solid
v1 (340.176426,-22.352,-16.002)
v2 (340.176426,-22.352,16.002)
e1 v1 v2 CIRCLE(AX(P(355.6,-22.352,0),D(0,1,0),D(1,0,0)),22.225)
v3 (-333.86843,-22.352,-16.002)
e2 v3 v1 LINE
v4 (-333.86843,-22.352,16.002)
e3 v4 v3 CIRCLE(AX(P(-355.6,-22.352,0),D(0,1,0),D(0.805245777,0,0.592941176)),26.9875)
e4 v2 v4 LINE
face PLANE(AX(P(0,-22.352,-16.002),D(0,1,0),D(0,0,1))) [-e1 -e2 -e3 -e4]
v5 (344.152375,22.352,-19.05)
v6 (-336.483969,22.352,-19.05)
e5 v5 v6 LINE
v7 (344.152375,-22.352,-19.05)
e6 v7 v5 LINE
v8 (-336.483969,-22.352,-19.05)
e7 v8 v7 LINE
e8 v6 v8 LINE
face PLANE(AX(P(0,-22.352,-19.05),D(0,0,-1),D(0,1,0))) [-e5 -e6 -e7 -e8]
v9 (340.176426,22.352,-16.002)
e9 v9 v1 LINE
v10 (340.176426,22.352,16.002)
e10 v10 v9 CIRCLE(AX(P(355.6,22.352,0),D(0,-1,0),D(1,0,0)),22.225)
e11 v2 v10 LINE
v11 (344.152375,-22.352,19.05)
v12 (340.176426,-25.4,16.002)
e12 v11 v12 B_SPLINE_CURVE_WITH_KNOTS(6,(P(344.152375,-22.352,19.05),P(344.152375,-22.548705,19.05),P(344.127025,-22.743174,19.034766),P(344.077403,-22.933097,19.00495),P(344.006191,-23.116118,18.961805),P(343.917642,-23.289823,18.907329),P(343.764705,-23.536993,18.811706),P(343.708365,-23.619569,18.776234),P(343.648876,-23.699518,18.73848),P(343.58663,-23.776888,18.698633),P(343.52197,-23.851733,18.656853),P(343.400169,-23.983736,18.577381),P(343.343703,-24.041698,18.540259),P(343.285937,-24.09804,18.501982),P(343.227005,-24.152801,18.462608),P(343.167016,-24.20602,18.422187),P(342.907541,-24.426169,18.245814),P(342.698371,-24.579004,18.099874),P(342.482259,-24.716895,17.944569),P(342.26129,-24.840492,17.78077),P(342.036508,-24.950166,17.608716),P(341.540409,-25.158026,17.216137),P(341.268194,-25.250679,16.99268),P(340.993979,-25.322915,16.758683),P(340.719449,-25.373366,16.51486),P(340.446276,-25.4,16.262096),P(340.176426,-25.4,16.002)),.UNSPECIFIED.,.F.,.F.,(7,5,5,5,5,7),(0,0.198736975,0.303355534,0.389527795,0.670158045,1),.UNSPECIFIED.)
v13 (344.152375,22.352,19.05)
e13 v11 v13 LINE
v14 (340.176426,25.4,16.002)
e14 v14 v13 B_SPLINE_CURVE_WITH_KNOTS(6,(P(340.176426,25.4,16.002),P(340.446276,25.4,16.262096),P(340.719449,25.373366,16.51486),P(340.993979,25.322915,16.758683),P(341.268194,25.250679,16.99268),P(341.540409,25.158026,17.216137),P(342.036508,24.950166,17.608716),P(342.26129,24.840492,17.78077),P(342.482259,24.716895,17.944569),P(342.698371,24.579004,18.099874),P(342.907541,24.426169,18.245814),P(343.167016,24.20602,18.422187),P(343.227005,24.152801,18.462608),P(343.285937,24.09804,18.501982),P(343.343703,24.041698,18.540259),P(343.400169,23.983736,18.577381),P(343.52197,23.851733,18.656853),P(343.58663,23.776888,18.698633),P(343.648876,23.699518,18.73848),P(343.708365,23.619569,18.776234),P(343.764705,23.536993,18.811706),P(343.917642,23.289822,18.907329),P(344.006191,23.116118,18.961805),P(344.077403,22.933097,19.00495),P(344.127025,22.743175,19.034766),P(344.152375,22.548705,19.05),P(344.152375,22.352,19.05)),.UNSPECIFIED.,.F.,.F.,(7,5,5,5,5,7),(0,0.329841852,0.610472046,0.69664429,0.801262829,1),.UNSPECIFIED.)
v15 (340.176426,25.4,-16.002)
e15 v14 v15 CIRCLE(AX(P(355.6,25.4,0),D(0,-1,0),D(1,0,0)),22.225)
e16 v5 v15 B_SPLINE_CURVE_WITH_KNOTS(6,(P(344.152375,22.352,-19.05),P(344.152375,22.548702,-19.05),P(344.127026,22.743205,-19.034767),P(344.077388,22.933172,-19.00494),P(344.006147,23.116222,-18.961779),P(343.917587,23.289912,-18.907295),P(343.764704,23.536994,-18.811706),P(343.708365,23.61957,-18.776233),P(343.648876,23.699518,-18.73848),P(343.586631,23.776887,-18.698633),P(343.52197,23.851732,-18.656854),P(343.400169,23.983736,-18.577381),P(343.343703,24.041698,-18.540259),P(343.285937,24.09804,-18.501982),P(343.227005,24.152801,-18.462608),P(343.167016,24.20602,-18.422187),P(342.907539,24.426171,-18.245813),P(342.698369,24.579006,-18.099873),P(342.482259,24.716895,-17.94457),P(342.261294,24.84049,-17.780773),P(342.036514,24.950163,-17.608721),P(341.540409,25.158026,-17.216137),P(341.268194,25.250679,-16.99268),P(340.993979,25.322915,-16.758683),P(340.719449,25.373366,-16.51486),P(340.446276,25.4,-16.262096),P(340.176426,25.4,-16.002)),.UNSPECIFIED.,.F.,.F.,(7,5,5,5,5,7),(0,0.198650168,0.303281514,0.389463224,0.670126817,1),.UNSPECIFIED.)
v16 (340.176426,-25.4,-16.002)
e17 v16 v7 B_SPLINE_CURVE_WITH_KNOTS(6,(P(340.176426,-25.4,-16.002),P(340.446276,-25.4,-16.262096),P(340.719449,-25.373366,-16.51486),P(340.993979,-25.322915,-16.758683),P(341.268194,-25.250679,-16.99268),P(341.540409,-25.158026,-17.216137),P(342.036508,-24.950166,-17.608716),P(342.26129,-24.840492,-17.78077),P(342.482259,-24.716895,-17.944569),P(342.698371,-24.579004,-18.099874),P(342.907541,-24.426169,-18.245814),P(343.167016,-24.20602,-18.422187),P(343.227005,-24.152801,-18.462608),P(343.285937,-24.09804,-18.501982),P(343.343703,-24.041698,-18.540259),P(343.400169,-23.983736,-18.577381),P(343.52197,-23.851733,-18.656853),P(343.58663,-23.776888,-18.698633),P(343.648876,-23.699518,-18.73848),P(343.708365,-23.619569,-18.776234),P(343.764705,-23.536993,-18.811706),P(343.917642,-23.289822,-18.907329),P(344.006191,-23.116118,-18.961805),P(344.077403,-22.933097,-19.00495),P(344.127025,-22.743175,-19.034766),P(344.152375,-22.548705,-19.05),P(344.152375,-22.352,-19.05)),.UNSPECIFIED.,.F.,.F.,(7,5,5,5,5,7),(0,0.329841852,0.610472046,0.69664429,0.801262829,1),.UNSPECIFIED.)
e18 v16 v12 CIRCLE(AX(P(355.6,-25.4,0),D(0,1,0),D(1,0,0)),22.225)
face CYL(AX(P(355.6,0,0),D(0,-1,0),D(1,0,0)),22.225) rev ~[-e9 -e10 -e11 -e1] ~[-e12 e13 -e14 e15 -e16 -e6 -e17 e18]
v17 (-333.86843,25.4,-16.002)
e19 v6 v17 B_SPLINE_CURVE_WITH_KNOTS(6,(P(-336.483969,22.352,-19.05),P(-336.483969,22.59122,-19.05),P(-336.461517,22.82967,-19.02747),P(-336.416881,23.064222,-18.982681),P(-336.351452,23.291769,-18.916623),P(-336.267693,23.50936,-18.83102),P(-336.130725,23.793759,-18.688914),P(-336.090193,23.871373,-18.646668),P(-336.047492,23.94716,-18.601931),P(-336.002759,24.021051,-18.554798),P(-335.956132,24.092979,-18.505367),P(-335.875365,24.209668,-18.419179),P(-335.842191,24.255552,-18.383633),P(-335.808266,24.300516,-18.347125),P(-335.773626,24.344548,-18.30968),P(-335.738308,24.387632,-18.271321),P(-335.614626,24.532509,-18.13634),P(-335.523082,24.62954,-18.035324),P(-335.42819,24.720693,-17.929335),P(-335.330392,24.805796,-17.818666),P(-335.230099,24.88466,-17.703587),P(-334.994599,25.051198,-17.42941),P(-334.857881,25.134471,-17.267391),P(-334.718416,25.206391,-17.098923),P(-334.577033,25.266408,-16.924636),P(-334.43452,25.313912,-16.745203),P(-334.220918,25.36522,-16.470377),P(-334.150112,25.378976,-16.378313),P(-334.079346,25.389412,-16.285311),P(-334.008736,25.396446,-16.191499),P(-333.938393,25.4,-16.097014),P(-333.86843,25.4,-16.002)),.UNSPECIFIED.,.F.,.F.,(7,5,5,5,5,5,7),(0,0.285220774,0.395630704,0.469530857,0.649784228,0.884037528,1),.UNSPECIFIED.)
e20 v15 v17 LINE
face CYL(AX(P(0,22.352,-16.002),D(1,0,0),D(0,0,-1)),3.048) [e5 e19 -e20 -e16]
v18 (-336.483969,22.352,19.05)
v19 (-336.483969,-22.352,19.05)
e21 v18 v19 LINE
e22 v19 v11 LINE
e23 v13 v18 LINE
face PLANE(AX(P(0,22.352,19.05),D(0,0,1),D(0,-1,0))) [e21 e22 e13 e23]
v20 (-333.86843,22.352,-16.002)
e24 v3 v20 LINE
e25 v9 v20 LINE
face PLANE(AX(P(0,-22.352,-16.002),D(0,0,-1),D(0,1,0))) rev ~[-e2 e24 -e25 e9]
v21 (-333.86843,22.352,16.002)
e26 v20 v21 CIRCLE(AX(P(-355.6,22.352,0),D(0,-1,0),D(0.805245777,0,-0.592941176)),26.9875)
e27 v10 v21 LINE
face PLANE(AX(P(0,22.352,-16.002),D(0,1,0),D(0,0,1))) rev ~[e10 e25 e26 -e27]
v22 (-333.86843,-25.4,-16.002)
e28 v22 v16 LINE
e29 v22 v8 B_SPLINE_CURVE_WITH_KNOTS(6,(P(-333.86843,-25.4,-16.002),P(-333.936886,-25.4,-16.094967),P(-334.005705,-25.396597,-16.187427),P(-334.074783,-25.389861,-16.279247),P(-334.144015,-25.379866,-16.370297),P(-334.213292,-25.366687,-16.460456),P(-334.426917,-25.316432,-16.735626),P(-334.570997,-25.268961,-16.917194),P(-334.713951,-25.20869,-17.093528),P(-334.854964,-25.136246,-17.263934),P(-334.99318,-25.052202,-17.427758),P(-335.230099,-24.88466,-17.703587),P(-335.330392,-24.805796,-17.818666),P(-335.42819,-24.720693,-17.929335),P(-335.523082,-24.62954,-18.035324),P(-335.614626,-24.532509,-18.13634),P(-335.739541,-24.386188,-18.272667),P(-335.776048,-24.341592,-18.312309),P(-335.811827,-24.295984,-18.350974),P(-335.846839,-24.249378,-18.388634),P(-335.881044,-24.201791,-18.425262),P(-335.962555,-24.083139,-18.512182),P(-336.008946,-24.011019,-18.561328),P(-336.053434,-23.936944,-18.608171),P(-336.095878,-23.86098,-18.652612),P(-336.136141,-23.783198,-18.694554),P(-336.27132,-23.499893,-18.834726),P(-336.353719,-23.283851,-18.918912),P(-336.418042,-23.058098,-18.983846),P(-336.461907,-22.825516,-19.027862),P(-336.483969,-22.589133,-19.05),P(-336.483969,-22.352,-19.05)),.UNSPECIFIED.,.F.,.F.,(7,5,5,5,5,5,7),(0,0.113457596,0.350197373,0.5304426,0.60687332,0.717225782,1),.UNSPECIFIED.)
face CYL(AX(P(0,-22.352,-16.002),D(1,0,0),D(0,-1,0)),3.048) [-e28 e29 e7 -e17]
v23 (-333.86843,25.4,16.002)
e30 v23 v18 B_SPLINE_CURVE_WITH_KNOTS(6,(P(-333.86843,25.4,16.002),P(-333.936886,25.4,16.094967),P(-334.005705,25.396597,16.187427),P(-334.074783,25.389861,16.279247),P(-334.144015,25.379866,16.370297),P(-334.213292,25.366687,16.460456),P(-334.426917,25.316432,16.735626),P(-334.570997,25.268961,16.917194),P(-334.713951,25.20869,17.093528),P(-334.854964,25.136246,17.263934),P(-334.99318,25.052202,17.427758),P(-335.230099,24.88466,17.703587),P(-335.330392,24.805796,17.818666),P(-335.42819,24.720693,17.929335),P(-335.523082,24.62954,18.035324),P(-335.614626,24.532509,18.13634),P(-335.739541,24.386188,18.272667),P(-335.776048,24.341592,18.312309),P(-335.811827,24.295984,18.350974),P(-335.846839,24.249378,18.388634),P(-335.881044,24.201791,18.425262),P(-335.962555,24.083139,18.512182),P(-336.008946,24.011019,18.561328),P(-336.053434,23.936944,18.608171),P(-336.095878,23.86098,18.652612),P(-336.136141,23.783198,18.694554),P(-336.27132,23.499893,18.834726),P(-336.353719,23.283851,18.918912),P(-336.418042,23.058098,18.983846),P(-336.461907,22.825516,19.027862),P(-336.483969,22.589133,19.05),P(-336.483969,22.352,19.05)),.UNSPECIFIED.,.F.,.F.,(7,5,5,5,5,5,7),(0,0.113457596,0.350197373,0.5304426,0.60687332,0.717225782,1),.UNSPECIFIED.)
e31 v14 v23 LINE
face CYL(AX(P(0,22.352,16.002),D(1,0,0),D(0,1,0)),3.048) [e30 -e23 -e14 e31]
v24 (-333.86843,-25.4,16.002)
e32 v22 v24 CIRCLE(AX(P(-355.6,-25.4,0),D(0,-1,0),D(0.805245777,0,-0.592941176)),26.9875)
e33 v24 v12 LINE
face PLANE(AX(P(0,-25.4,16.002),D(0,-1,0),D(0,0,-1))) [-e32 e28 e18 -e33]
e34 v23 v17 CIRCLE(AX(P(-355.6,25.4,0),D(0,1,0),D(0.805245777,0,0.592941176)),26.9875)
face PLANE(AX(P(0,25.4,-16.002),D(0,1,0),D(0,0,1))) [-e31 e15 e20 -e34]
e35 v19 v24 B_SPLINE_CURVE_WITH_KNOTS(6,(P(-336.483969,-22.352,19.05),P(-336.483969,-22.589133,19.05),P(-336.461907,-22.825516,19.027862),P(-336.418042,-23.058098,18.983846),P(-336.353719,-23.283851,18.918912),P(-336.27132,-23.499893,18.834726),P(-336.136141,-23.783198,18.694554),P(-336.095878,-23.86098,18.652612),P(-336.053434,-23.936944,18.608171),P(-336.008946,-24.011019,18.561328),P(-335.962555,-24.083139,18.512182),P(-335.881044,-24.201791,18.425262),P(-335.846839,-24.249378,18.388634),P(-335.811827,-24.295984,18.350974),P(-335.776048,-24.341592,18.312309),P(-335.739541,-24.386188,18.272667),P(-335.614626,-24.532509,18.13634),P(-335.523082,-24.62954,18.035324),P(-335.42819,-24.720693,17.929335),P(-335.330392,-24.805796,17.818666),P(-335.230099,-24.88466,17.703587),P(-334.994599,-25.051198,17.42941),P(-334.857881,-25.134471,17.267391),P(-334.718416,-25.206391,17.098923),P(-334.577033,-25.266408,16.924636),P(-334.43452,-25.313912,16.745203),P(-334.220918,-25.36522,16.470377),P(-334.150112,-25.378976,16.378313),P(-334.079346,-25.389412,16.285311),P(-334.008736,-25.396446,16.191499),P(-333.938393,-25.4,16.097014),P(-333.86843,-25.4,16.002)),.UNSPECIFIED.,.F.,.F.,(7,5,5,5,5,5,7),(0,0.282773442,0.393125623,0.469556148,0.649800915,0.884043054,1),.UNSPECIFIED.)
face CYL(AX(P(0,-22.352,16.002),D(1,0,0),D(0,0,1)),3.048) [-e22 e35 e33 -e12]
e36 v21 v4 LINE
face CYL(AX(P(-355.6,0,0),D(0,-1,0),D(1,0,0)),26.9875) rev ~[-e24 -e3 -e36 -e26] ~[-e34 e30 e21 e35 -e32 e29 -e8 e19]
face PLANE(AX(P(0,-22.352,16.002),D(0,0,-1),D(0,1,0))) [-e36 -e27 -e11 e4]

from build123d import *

# Parameters (mm, degrees)
F0_W          = 44.704
F0_H          = 32.004
F1_DEPTH      = 355.6
F2_R          = 26.9875
F2_R_2        = 22.225
F3_DEPTH      = 25.401
F3_DEPTH_BACK = 25.401


with BuildPart() as f1:
    # F0 (on Right) → F1 (new body, symmetric)
    with BuildSketch(Plane.YZ):
        with BuildLine():
            Line((22.352, 19.05), (-22.352, 19.05))
            ThreePointArc((-22.352, 19.05), (-24.5072614691, 18.1572614691), (-25.4, 16.002))
            Line((-25.4, 16.002), (-25.4, -16.002))
            ThreePointArc((-25.4, -16.002), (-24.5072614691, -18.1572614691), (-22.352, -19.05))
            Line((-22.352, -19.05), (22.352, -19.05))
            ThreePointArc((22.352, -19.05), (24.5072614691, -18.1572614691), (25.4, -16.002))
            Line((25.4, -16.002), (25.4, 16.002))
            ThreePointArc((25.4, 16.002), (24.5072614691, 18.1572614691), (22.352, 19.05))
        make_face()
        Rectangle(F0_W, F0_H, mode=Mode.SUBTRACT)
    extrude(amount=F1_DEPTH, both=True)

    # F2 (on Front) → F3 (cut, two sides)
    with BuildSketch(Plane.XZ) as f3_sk:
        with Locations((-355.6, 0)):
            Circle(F2_R)
        with Locations((355.6, 0)):
            Circle(F2_R_2)
    extrude(amount=-F3_DEPTH, mode=Mode.SUBTRACT)
    extrude(f3_sk.sketch, amount=F3_DEPTH_BACK, mode=Mode.SUBTRACT)


solid = f1.part
